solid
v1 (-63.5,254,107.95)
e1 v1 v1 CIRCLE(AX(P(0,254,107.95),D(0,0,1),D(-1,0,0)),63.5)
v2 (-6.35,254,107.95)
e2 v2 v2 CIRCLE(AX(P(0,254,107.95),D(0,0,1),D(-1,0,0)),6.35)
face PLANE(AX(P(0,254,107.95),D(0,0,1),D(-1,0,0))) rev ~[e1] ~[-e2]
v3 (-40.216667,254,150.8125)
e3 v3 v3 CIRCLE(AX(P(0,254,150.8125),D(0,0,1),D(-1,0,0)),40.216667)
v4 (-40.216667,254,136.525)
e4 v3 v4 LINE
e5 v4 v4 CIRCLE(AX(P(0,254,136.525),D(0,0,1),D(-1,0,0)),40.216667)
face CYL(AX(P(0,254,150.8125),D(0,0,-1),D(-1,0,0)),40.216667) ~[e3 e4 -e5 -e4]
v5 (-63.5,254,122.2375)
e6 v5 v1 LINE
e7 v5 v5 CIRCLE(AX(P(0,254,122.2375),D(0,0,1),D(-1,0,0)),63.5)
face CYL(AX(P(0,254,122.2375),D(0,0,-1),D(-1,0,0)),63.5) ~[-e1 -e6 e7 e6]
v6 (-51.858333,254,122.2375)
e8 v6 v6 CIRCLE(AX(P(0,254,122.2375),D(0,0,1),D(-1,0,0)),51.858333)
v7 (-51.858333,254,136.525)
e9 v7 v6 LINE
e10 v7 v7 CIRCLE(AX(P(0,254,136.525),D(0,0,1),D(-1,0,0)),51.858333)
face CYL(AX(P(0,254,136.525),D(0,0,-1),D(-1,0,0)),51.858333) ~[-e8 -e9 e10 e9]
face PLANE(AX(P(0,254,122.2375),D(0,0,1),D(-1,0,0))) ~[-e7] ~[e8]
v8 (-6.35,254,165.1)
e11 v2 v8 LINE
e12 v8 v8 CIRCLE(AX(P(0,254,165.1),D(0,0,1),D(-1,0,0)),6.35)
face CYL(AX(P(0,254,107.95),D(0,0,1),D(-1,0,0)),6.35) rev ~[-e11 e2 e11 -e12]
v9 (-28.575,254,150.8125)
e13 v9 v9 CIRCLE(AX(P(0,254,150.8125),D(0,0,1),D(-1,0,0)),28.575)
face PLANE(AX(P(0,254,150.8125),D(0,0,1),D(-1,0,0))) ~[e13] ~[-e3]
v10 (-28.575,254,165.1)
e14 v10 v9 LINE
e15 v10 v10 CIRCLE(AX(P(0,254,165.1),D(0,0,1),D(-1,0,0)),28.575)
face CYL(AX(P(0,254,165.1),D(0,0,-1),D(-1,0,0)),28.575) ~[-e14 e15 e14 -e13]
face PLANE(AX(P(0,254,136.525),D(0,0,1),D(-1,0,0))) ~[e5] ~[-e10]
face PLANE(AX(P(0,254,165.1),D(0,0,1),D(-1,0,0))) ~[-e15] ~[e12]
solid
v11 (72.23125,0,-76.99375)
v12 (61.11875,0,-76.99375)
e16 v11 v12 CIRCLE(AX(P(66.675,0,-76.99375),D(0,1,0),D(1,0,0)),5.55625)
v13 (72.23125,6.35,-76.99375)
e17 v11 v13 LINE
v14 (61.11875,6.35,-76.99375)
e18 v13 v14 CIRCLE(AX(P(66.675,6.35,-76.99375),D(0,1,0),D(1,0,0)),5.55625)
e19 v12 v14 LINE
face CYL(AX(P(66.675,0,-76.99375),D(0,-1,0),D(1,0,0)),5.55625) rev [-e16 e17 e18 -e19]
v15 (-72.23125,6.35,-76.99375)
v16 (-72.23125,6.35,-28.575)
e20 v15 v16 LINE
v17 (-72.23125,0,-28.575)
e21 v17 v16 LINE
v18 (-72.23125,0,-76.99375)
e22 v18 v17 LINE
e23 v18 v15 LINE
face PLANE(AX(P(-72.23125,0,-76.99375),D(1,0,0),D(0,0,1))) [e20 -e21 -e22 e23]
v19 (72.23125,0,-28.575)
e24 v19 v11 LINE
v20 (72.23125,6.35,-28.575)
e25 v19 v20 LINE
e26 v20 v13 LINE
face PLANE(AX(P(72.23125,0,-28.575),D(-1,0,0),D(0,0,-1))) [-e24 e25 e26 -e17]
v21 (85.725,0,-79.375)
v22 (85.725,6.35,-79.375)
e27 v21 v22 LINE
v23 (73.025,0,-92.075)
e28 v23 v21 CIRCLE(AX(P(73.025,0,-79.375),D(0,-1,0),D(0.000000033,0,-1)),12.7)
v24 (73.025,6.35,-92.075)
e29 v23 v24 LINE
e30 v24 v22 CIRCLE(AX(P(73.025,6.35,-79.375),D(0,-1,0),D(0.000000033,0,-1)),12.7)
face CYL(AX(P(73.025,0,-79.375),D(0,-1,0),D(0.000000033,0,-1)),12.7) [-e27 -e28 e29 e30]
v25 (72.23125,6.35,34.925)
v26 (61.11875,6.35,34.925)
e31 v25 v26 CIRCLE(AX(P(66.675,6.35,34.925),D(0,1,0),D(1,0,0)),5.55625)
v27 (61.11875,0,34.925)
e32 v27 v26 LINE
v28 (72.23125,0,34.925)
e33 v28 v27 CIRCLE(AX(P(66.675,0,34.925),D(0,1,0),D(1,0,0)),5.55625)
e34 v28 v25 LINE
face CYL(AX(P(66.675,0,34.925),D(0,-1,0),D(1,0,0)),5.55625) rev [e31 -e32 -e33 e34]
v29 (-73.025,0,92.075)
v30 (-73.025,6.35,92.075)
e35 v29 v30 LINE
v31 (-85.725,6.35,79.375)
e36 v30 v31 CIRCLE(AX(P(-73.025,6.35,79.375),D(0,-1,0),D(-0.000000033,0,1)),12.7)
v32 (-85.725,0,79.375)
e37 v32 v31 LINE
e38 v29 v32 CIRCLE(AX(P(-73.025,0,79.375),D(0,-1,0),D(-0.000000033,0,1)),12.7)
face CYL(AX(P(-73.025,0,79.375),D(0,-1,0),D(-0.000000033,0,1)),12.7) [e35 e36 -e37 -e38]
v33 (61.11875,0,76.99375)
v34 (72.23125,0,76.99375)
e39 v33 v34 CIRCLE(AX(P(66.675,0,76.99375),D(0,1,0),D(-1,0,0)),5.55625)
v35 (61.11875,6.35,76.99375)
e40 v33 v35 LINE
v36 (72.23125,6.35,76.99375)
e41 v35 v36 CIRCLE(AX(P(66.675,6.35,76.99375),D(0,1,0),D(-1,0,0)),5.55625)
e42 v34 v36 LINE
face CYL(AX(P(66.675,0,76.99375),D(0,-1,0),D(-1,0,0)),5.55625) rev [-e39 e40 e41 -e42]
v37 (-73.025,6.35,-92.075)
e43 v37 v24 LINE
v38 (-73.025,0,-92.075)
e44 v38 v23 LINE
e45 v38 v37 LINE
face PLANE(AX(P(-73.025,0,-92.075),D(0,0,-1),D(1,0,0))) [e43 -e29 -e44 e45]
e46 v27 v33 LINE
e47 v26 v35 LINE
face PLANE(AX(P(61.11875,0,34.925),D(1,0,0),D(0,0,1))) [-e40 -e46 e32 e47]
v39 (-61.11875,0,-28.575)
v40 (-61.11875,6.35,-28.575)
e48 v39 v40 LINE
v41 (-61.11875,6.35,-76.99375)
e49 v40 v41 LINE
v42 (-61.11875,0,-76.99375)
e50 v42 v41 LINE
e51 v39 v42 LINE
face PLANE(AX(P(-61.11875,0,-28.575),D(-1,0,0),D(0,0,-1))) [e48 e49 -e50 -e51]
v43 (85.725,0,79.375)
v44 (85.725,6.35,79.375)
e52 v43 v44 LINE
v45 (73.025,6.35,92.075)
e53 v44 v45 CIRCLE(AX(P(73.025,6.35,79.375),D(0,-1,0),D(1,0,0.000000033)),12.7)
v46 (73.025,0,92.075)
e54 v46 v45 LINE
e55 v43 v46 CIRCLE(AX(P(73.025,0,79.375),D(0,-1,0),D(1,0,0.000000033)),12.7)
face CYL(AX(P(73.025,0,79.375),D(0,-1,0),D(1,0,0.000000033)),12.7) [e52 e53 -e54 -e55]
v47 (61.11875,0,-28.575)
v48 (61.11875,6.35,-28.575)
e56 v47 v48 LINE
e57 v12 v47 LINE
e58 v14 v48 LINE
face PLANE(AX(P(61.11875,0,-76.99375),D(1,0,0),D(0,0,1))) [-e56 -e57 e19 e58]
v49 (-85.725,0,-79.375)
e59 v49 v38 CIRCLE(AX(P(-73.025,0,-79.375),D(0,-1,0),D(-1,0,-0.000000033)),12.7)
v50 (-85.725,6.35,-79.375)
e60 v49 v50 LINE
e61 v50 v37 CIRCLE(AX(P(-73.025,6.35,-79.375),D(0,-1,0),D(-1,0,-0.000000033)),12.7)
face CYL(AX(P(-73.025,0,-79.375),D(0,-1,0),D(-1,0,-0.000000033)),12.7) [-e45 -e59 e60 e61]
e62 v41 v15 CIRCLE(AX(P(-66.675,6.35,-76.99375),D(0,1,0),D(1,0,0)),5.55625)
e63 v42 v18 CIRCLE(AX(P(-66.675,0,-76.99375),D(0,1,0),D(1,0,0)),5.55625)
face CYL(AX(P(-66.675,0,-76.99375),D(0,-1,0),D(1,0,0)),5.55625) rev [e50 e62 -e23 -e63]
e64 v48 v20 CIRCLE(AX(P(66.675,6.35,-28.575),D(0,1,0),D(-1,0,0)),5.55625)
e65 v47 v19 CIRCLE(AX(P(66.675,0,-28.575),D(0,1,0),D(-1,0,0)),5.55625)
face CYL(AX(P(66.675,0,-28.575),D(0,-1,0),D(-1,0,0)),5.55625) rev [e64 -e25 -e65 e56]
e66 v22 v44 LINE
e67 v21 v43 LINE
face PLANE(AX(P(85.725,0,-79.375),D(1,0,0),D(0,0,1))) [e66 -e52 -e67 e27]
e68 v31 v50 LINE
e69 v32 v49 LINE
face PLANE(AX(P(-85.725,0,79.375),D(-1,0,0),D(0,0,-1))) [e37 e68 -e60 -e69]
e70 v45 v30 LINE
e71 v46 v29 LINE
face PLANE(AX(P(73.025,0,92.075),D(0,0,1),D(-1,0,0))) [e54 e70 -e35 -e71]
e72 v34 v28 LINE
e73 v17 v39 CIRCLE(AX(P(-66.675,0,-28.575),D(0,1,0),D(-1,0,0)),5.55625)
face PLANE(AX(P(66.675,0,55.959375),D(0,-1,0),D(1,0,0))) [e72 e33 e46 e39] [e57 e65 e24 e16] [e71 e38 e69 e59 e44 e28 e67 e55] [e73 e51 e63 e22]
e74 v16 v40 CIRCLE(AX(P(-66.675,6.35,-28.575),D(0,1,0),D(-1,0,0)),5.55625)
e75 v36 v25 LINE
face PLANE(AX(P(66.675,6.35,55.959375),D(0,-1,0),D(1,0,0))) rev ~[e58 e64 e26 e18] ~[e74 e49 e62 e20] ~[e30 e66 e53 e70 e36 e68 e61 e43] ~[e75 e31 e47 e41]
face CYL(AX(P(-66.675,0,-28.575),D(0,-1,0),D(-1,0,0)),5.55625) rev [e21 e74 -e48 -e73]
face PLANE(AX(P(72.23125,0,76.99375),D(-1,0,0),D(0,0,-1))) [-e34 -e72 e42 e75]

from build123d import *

# Parameters (mm, degrees)
F2_DEPTH = 6.35


with BuildPart() as f2:
    # F1 (on Front) → F2 (new body)
    with BuildSketch(Plane.XZ):
        with BuildLine():
            ThreePointArc((72.23125, 76.99375), (66.675, 82.55), (61.11875, 76.99375))
            Line((61.11875, 76.99375), (61.11875, 34.925))
            ThreePointArc((61.11875, 34.925), (66.675, 29.36875), (72.23125, 34.925))
            Line((72.23125, 34.925), (72.23125, 76.99375))
        make_face()
        with BuildLine():
            ThreePointArc((72.23125, -28.575), (66.675, -23.01875), (61.11875, -28.575))
            Line((61.11875, -28.575), (61.11875, -76.99375))
            ThreePointArc((61.11875, -76.99375), (66.675, -82.55), (72.23125, -76.99375))
            Line((72.23125, -76.99375), (72.23125, -28.575))
        make_face()
        with BuildLine():
            ThreePointArc((-72.23125, -76.99375), (-66.675, -82.55), (-61.11875, -76.99375))
            Line((-61.11875, -76.99375), (-61.11875, -28.575))
            ThreePointArc((-61.11875, -28.575), (-66.675, -23.01875), (-72.23125, -28.575))
            Line((-72.23125, -28.575), (-72.23125, -76.99375))
        make_face()
        with BuildLine():
            ThreePointArc((85.725, 79.375), (82.005256, 88.355256), (73.025, 92.075))
            Line((73.025, 92.075), (-73.025, 92.075))
            ThreePointArc((-73.025, 92.075), (-82.005256, 88.355256), (-85.725, 79.375))
            Line((-85.725, 79.375), (-85.725, -79.375))
            ThreePointArc((-85.725, -79.375), (-82.005256, -88.355256), (-73.025, -92.075))
            Line((-73.025, -92.075), (73.025, -92.075))
            ThreePointArc((73.025, -92.075), (82.005256, -88.355256), (85.725, -79.375))
            Line((85.725, -79.375), (85.725, 79.375))
        make_face()
        with BuildLine():
            Line((-61.11875, -28.575), (-61.11875, -76.99375))
            ThreePointArc((-61.11875, -76.99375), (-66.675, -82.55), (-72.23125, -76.99375))
            Line((-72.23125, -76.99375), (-72.23125, -28.575))
            ThreePointArc((-72.23125, -28.575), (-66.675, -23.01875), (-61.11875, -28.575))
        make_face(mode=Mode.SUBTRACT)
        with BuildLine():
            Line((61.11875, -76.99375), (61.11875, -28.575))
            ThreePointArc((61.11875, -28.575), (66.675, -23.01875), (72.23125, -28.575))
            Line((72.23125, -28.575), (72.23125, -76.99375))
            ThreePointArc((72.23125, -76.99375), (66.675, -82.55), (61.11875, -76.99375))
        make_face(mode=Mode.SUBTRACT)
        with BuildLine():
            Line((61.11875, 34.925), (61.11875, 76.99375))
            ThreePointArc((61.11875, 76.99375), (66.675, 82.55), (72.23125, 76.99375))
            Line((72.23125, 76.99375), (72.23125, 34.925))
            ThreePointArc((72.23125, 34.925), (66.675, 29.36875), (61.11875, 34.925))
        make_face(mode=Mode.SUBTRACT)
    extrude(amount=-F2_DEPTH)


with BuildPart() as f4:
    # F3 (on offset) → F4 (revolve)
    with BuildSketch(Plane.XZ.offset(-254)):
        Polygon((-63.5, 107.95), (-6.35, 107.95), (-6.35, 165.1), (-28.575, 165.1), (-28.575, 150.8125), (-40.216667, 150.8125), (-40.216667, 136.525), (-51.858333, 136.525), (-51.858333, 122.2375), (-63.5, 122.2375), align=None)
    revolve(axis=Axis((0, 254, 72.207878), (0, 0, 1)))


solid = Compound([f2.part, f4.part])
